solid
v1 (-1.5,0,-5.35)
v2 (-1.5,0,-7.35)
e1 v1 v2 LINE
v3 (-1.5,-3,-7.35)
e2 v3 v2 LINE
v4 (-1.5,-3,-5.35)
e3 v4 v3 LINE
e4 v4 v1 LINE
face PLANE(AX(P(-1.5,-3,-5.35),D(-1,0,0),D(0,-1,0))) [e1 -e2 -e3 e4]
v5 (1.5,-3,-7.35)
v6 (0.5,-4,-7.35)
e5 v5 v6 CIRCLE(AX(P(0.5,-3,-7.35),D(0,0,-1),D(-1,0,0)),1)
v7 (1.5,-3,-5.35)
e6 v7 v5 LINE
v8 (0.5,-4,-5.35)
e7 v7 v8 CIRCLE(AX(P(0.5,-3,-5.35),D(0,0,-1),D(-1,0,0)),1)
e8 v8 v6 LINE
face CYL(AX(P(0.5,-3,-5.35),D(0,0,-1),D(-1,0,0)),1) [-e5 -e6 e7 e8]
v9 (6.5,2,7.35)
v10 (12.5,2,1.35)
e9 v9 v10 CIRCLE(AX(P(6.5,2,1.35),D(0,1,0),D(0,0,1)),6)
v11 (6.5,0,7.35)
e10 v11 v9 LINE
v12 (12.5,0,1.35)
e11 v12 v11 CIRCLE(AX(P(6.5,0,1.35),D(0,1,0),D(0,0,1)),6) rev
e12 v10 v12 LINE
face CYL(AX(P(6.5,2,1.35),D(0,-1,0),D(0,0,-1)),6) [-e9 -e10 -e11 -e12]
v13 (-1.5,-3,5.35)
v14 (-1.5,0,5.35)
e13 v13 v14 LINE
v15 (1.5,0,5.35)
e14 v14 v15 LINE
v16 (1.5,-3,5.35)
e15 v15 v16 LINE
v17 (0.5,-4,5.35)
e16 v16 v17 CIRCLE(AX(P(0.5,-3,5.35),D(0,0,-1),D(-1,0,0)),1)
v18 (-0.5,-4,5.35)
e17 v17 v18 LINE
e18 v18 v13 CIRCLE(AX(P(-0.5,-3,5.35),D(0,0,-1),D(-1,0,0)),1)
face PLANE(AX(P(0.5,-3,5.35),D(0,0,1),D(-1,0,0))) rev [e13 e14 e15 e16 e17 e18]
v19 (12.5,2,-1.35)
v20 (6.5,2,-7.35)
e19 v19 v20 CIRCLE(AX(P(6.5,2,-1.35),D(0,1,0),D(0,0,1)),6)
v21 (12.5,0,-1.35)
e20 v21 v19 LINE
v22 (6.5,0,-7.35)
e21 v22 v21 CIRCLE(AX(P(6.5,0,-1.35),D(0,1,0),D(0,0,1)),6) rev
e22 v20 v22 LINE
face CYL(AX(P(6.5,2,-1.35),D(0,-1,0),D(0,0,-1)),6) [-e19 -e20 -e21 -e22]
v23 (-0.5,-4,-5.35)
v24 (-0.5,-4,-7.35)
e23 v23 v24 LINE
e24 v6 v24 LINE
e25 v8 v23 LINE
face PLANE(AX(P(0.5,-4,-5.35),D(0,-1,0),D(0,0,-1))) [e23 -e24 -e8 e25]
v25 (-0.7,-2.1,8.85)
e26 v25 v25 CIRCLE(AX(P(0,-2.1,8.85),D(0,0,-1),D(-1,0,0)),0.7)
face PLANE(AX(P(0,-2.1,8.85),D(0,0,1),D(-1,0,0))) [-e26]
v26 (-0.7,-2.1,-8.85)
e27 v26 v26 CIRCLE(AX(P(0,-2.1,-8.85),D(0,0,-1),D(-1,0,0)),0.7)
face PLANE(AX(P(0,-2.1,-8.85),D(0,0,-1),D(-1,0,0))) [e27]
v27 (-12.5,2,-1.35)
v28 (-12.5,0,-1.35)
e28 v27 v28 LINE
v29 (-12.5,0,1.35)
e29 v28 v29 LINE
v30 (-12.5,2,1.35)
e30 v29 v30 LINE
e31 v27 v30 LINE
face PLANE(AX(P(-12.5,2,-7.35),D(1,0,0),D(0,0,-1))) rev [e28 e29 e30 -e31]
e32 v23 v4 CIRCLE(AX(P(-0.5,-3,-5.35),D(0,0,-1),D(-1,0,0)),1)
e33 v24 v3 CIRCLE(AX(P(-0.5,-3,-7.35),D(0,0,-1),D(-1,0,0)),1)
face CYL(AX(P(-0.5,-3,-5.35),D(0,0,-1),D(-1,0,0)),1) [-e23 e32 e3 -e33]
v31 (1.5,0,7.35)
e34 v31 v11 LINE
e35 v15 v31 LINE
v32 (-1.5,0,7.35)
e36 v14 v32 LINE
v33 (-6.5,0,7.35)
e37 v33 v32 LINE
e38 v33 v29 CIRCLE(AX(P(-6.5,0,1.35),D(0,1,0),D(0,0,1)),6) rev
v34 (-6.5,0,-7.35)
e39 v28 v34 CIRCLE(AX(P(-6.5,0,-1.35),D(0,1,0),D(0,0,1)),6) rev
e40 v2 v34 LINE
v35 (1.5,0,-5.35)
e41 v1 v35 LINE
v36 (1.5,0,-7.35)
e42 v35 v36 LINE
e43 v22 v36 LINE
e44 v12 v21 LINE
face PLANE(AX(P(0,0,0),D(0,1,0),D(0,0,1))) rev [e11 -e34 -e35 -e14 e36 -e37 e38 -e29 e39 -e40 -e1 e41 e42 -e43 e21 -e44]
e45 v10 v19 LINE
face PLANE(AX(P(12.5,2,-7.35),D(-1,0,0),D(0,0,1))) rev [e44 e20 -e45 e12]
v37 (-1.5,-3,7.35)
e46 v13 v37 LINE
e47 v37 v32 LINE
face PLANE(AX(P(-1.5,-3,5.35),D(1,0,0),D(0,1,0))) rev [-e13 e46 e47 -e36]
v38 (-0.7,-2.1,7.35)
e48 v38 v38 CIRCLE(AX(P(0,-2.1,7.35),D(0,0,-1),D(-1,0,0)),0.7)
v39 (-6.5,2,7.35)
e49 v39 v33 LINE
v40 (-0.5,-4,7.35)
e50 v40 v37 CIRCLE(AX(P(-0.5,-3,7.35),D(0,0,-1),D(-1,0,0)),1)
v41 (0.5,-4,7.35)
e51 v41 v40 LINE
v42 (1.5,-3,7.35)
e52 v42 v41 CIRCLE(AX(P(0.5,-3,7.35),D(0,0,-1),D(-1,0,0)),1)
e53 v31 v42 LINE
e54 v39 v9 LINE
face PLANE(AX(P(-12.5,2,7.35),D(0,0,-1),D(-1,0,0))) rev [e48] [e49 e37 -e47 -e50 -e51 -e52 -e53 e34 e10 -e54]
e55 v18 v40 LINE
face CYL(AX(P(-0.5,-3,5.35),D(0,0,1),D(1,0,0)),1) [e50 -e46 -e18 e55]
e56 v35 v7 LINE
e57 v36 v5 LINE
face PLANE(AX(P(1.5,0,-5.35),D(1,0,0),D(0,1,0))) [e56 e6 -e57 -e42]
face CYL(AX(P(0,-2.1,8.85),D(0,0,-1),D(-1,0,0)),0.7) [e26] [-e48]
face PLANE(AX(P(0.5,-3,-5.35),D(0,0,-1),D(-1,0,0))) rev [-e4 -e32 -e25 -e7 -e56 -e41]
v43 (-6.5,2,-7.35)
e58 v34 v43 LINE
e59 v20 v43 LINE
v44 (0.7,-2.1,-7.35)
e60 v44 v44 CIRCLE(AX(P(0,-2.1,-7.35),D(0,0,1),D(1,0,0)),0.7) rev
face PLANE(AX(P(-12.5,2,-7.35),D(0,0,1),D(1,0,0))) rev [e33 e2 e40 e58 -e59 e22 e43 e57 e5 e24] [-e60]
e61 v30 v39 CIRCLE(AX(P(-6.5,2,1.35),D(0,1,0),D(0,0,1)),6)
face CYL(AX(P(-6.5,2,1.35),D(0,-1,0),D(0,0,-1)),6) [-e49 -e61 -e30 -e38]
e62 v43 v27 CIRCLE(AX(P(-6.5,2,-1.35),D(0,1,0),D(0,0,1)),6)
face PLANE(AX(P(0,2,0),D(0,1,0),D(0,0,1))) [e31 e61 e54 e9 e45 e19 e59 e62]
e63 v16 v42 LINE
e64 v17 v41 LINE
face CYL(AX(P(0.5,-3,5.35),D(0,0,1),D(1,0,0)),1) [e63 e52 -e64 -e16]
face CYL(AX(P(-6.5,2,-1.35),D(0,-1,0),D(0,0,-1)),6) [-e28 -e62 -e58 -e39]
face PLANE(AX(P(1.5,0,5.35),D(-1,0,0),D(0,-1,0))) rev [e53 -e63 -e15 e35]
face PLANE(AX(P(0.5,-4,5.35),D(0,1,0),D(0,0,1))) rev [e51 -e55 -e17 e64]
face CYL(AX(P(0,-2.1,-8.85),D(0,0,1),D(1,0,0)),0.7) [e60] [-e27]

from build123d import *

# Parameters (mm, degrees)
SKETCH1_W           = 25
SKETCH1_H           = 14.7
BOSS_EXTRUDE1_DEPTH = 2
FILLET1_R           = 6
BOSS_EXTRUDE6_DEPTH = 2
SKETCH5_R           = 0.7
BOSS_EXTRUDE7_DEPTH = 1.5


with BuildPart() as part:
    # Sketch1 → Boss-Extrude1 (new body)
    with BuildSketch(Plane(origin=(0, 0, 0), x_dir=(1, 0, 0), z_dir=(0, 1, 0))):
        Rectangle(SKETCH1_W, SKETCH1_H)
    extrude(amount=BOSS_EXTRUDE1_DEPTH)

    # Fillet1
    fillet1_edges = [part.edges().sort_by_distance(p)[0] for p in [
        (12.5, 1, 7.35),
        (-12.5, 1, 7.35),
        (-12.5, 1, -7.35),
        (12.5, 1, -7.35),
    ]]
    fillet(fillet1_edges, radius=FILLET1_R)

    # Sketch3 → Boss-Extrude6 (add)
    with BuildSketch(Plane(origin=(0, 0, -7.35), x_dir=(-1, 0, 0), z_dir=(0, 0, -1))):
        with BuildLine():
            Line((-1.5, 0), (-1.5, -3))
            ThreePointArc((-1.5, -3), (-1.207106781, -3.707106781), (-0.5, -4))
            Line((-0.5, -4), (0.5, -4))
            ThreePointArc((0.5, -4), (1.207106781, -3.707106781), (1.5, -3))
            Line((1.5, -3), (1.5, 0))
            Line((1.5, 0), (-1.5, 0))
        make_face()
    boss_extrude6 = extrude(amount=-BOSS_EXTRUDE6_DEPTH)

    # Sketch5 → Boss-Extrude7 (add)
    with BuildSketch(Plane(origin=(0, 0, -7.35), x_dir=(-1, 0, 0), z_dir=(0, 0, -1))):
        with Locations(Location((0, -2.1, 0), (0, 0, 180))):  # turned: the seam where the file's is
            Circle(SKETCH5_R)
    boss_extrude7 = extrude(amount=BOSS_EXTRUDE7_DEPTH)

    # Mirror3: Boss-Extrude6, Boss-Extrude7 across plane
    add(boss_extrude6.mirror(Plane.XY))
    add(boss_extrude7.mirror(Plane.XY))


solid = part.part
